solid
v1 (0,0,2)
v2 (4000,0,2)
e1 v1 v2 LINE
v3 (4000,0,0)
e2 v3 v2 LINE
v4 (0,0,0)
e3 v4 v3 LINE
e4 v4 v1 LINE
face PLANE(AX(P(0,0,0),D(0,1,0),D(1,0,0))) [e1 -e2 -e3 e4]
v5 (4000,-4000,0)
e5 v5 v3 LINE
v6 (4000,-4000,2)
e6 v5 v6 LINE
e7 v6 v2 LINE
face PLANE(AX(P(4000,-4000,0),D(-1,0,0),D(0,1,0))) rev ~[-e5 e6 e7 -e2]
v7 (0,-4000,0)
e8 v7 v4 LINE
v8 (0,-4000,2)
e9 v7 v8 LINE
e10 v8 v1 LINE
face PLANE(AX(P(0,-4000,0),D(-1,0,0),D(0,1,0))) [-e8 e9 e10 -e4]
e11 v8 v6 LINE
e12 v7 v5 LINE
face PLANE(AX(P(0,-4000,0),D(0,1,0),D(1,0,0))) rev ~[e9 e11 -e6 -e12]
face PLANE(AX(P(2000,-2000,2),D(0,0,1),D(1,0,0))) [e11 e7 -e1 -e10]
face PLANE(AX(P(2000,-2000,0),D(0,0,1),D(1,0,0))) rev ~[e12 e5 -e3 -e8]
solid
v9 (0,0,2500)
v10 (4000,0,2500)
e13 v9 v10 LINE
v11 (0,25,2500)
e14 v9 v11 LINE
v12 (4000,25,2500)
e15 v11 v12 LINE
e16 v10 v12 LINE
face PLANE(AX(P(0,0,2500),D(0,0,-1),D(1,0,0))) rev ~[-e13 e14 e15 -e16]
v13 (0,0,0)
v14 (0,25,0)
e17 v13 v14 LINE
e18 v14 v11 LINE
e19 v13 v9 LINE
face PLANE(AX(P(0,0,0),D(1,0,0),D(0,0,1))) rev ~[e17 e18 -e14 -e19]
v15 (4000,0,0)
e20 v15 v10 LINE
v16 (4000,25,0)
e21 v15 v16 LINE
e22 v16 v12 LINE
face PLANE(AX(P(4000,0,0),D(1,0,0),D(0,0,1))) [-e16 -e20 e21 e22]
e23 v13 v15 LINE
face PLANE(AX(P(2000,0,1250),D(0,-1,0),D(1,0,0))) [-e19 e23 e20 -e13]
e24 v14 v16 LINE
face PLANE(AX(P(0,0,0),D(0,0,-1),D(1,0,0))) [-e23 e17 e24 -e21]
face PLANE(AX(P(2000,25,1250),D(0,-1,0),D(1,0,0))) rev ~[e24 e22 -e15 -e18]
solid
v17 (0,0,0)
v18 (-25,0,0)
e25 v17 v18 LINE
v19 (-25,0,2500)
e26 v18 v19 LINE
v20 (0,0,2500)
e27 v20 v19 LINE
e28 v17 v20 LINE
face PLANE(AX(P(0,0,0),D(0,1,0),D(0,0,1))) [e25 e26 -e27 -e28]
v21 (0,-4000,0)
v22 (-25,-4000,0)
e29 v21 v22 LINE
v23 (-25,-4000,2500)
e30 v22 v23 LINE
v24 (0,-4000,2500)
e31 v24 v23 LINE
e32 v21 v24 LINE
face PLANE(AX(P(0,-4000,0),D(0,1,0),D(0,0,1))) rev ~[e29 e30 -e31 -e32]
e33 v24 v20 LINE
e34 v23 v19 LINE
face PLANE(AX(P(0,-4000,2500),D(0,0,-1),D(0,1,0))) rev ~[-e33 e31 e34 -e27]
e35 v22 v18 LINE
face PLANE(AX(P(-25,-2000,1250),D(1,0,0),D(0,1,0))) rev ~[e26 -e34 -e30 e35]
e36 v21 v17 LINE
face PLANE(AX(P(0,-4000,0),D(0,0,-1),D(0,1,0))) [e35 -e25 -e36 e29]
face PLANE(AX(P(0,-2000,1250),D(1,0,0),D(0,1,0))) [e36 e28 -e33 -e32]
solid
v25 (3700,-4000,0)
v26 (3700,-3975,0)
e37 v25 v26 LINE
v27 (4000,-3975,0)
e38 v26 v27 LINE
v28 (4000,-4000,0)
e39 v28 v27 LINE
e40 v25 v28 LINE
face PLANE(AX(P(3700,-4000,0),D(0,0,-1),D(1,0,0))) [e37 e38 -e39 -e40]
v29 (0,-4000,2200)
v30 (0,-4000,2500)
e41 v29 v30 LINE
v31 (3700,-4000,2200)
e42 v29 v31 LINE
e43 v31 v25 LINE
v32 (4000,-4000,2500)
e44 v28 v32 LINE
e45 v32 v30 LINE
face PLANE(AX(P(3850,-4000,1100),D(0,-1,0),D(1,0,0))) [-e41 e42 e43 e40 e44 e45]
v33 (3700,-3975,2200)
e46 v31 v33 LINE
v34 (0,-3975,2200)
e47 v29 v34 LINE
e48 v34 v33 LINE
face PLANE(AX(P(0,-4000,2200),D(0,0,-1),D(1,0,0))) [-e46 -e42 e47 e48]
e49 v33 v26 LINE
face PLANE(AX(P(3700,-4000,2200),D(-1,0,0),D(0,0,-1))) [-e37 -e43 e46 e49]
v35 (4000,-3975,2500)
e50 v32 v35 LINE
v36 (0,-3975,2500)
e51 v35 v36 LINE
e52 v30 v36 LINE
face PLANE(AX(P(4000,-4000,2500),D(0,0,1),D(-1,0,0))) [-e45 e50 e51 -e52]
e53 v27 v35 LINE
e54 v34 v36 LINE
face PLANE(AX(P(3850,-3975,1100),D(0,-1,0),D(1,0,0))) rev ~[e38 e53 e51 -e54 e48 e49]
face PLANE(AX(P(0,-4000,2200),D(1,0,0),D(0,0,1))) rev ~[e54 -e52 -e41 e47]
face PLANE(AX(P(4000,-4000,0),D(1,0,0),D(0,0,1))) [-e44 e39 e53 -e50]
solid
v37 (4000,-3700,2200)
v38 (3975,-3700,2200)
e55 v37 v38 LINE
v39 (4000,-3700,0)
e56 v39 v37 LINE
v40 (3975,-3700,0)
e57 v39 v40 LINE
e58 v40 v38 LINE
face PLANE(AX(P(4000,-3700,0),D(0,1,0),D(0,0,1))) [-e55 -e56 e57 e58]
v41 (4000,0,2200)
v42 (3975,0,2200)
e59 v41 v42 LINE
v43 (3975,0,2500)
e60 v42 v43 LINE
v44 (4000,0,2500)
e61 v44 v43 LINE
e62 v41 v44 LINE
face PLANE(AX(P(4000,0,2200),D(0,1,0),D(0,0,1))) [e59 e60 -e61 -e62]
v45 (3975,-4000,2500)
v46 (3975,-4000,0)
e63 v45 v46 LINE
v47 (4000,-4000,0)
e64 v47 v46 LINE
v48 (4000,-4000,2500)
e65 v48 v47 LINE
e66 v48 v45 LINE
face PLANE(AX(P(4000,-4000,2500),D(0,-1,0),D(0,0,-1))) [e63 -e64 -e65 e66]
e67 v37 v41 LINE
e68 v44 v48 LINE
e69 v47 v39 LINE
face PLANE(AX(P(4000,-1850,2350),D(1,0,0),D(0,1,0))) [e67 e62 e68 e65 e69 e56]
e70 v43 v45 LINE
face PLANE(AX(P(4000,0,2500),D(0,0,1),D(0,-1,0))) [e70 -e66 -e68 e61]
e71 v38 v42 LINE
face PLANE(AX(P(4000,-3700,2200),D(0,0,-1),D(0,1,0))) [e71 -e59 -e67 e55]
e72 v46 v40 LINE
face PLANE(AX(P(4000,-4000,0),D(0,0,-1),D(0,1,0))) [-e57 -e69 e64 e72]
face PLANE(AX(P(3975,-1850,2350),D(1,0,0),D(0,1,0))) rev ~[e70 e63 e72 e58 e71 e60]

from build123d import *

# Parameters (mm, degrees)
F2_W      = 4000
F2_H      = 4000
F3_DEPTH  = 2
F1_W      = 4000
F1_H      = 2500
F4_DEPTH  = 25
F0_W      = 4000
F0_H      = 2500
F5_DEPTH  = 25
F8_W      = 300
F8_H      = 2200
F8_H_2    = 300
F8_W_2    = 3700
F9_DEPTH  = 25
F10_W     = 3700
F10_H     = 300
F10_W_2   = 300
F10_H_2   = 2200
F11_DEPTH = 25


with BuildPart() as f3:
    # F2 (on Top) → F3 (new body)
    with BuildSketch(Plane.XY):
        with Locations((2000, -2000)):
            Rectangle(F2_W, F2_H)
    extrude(amount=F3_DEPTH)


with BuildPart() as f4:
    # F1 (on Right) → F4 (new body)
    with BuildSketch(Plane.YZ):
        with Locations((-2000, 1250)):
            Rectangle(F1_W, F1_H)
    extrude(amount=-F4_DEPTH)


with BuildPart() as f5:
    # F0 (on Front) → F5 (new body)
    with BuildSketch(Plane.XZ):
        with Locations((2000, 1250)):
            Rectangle(F0_W, F0_H)
    extrude(amount=-F5_DEPTH)


with BuildPart() as f9:
    # F8 (on offset) → F9 (new body)
    with BuildSketch(Plane.XZ.offset(4000)):
        with Locations((3850, 1100)):
            Rectangle(F8_W, F8_H)
        with Locations((3850, 2350)):
            Rectangle(F8_W, F8_H_2)
        with Locations((1850, 2350)):
            Rectangle(F8_W_2, F8_H_2)
    extrude(amount=-F9_DEPTH)


with BuildPart() as f11:
    # F10 (on offset) → F11 (new body)
    with BuildSketch(Plane.YZ.offset(4000)):
        with Locations((-1850, 2350)):
            Rectangle(F10_W, F10_H)
        with Locations((-3850, 2350)):
            Rectangle(F10_W_2, F10_H)
        with Locations((-3850, 1100)):
            Rectangle(F10_W_2, F10_H_2)
    extrude(amount=-F11_DEPTH)


solid = Compound([f3.part, f4.part, f5.part, f9.part, f11.part])
